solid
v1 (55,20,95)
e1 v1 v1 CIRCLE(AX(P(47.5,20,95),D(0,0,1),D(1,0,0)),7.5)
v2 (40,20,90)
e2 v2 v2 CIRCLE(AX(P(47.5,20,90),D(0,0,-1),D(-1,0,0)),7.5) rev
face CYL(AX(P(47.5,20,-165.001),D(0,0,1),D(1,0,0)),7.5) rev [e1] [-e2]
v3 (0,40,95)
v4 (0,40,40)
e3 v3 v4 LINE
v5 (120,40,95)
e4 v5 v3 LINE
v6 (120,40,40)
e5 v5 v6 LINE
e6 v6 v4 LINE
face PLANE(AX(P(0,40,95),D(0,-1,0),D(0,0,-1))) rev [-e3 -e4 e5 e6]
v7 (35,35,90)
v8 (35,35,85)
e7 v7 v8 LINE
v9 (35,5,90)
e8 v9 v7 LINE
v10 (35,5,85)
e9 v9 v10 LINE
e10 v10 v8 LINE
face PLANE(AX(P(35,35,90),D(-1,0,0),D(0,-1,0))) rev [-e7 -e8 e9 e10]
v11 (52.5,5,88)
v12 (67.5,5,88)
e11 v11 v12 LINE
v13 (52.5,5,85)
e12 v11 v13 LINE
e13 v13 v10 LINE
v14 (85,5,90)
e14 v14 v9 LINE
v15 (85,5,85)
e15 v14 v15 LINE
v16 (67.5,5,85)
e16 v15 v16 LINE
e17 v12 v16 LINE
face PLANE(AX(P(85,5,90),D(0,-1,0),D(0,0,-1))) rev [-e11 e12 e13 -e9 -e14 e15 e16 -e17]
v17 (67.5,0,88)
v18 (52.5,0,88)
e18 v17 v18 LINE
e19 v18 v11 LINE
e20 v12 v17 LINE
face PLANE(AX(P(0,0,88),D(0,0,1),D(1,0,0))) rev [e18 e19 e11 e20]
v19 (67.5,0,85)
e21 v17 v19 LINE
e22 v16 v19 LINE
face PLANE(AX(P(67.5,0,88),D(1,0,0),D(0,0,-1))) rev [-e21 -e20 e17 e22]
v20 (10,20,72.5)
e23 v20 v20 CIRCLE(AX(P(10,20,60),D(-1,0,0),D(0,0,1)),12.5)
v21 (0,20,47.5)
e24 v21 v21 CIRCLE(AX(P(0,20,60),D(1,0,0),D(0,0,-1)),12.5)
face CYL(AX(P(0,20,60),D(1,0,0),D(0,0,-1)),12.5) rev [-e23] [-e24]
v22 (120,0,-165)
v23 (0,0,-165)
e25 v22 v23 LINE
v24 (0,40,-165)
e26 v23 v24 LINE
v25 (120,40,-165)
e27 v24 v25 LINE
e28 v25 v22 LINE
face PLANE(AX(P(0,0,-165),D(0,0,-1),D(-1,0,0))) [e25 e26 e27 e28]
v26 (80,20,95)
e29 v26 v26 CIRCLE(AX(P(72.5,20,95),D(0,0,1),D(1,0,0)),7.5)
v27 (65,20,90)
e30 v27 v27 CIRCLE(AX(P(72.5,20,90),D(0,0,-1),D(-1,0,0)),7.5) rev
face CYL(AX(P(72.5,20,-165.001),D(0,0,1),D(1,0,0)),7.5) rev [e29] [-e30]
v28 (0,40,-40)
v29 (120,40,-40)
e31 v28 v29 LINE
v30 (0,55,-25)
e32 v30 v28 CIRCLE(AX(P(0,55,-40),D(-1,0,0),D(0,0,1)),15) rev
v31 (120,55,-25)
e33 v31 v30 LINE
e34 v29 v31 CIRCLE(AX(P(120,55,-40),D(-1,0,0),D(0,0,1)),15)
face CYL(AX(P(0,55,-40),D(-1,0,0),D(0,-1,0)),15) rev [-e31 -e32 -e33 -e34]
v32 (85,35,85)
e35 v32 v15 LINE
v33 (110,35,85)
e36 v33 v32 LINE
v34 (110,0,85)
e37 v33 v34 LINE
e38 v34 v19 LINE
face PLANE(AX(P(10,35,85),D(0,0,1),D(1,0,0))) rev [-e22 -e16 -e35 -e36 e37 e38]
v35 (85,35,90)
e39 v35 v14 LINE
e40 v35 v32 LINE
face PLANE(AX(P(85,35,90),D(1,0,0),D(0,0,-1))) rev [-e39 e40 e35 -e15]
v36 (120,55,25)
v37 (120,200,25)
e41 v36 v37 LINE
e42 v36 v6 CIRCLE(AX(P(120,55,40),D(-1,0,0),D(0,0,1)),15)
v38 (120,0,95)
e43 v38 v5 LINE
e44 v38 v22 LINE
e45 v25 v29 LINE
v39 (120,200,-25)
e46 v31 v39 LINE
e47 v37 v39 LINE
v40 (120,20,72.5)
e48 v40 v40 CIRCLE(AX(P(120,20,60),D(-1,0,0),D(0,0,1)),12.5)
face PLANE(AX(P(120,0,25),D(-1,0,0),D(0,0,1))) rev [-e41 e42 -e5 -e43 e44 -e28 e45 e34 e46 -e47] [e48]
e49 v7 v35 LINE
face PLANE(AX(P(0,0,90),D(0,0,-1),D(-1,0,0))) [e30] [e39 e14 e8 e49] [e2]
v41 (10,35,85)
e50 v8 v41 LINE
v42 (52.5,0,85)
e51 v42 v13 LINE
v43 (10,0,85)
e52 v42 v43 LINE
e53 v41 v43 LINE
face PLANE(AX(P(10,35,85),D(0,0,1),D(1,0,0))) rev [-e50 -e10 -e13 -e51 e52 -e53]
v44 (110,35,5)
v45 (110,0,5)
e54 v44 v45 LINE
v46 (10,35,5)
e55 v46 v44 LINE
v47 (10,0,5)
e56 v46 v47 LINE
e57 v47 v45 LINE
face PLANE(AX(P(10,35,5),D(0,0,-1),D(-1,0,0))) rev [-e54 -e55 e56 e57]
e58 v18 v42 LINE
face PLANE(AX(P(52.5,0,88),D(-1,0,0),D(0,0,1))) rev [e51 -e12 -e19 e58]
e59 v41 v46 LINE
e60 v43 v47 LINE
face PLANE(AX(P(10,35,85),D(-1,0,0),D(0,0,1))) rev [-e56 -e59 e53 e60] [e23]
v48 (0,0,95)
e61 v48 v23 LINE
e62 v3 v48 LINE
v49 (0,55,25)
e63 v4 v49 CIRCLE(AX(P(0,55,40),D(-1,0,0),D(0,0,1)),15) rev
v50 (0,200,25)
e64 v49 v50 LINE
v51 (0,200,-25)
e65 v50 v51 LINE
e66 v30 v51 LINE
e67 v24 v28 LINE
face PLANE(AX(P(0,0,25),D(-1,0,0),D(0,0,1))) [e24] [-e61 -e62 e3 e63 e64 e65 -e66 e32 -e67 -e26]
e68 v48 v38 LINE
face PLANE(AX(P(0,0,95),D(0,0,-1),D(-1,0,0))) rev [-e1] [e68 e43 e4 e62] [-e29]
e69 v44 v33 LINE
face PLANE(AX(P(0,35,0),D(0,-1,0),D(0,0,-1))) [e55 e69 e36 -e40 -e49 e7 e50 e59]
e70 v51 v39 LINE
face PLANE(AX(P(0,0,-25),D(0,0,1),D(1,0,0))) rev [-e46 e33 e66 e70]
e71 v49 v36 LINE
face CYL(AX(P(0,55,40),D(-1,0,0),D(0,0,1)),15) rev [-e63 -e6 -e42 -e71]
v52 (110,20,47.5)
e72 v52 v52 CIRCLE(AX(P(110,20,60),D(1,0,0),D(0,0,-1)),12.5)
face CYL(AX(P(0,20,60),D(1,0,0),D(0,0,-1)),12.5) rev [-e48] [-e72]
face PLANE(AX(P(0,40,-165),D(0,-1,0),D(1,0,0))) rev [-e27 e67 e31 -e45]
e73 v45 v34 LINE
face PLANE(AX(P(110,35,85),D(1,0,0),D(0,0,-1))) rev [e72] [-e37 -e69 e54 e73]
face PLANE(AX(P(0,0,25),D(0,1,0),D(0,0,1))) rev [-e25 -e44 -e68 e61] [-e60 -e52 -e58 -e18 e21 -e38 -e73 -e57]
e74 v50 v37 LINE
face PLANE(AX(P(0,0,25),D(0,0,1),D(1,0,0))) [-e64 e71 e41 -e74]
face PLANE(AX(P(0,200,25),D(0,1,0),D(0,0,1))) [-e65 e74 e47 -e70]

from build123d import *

# Parameters (mm, degrees)
ESQUISSE1_W                  = 120
ESQUISSE1_H                  = 200
BOSS_EXTRU_2_DEPTH           = 25
ESQUISSE3_W                  = 120
ESQUISSE3_H                  = 40
BOSS_EXTRU_3_DEPTH           = 70
CONG_1_R                     = 15
ESQUISSE4_W                  = 120
ESQUISSE4_H                  = 40
BOSS_EXTRU_4_DEPTH           = 140
CONG_2_R                     = 15
ESQUISSE5_W                  = 50
ESQUISSE5_H                  = 30
BOSS_EXTRU_9_DEPTH           = 7.5
ESQUISSE7_W                  = 100
ESQUISSE7_H                  = 80
ENL_V_MAT_EXTRU_1_DEPTH      = 35
ENL_V_MAT_EXTRU_7_REACH      = 351.285
ESQUISSE8_R                  = 7.5
ESQUISSE12_W                 = 50
ESQUISSE12_H                 = 30
ENL_V_MAT_EXTRU_8_DEPTH      = 5
ENL_V_MAT_EXTRU_9_DEPTH      = 286.700892543
ENL_V_MAT_EXTRU_9_DEPTH_BACK = 286.700892543
ESQUISSE13_R                 = 12.5
ESQUISSE14_W                 = 15
ESQUISSE14_H                 = 5
ENL_V_MAT_EXTRU_10_DEPTH     = 3


with BuildPart() as part:
    # Esquisse1 → Boss.-Extru.2 (new, symmetric)
    with BuildSketch(Plane.XY):
        with Locations((60, 100)):
            Rectangle(ESQUISSE1_W, ESQUISSE1_H)
    extrude(amount=BOSS_EXTRU_2_DEPTH, both=True)

    # Esquisse3 → Boss.-Extru.3 (add)
    with BuildSketch(Plane.XY.offset(25)):
        with Locations((60, 20)):
            Rectangle(ESQUISSE3_W, ESQUISSE3_H)
    extrude(amount=BOSS_EXTRU_3_DEPTH)

    # Congé1
    cong_1_edges = [part.edges().sort_by_distance(p)[0] for p in [
        (60, 40, 25),
    ]]
    fillet(cong_1_edges, radius=CONG_1_R)

    # Esquisse4 → Boss.-Extru.4 (add)
    with BuildSketch(Plane(origin=(0, 0, -25), x_dir=(-1, 0, 0), z_dir=(0, 0, -1))):
        with Locations((-60, 20)):
            Rectangle(ESQUISSE4_W, ESQUISSE4_H)
    extrude(amount=BOSS_EXTRU_4_DEPTH)

    # Congé2
    cong_2_edges = [part.edges().sort_by_distance(p)[0] for p in [
        (60, 40, -25),
    ]]
    fillet(cong_2_edges, radius=CONG_2_R)

    # Esquisse5 → Boss.-Extru.9 (add)
    with BuildSketch(Plane.XY.offset(95)):
        with Locations((60, 20)):
            Rectangle(ESQUISSE5_W, ESQUISSE5_H)
    extrude(amount=-BOSS_EXTRU_9_DEPTH)

    # Esquisse7 → Enlèv. mat.-Extru.1 (cut)
    with BuildSketch(Plane.XZ):
        with Locations((60, 45)):
            Rectangle(ESQUISSE7_W, ESQUISSE7_H)
    extrude(amount=-ENL_V_MAT_EXTRU_1_DEPTH, mode=Mode.SUBTRACT)

    # Esquisse8 → Enlèv. mat.-Extru.7 (cut, up to next)
    with BuildSketch(Plane.XY.offset(95), mode=Mode.PRIVATE) as enl_v_mat_extru_7_sk1:
        with Locations((47.5, 20)):
            Circle(ESQUISSE8_R)
    enl_v_mat_extru_7_tool1 = extrude(enl_v_mat_extru_7_sk1.sketch, amount=-ENL_V_MAT_EXTRU_7_REACH, mode=Mode.PRIVATE) & part.part
    # Esquisse8 → Enlèv. mat.-Extru.7 (cut, up to next)
    with BuildSketch(Plane.XY.offset(95), mode=Mode.PRIVATE) as enl_v_mat_extru_7_sk2:
        with Locations((72.5, 20)):
            Circle(ESQUISSE8_R)
    enl_v_mat_extru_7_tool2 = extrude(enl_v_mat_extru_7_sk2.sketch, amount=-ENL_V_MAT_EXTRU_7_REACH, mode=Mode.PRIVATE) & part.part
    add(enl_v_mat_extru_7_tool1.solids().sort_by_distance((47.5, 20, 95))[0], mode=Mode.SUBTRACT)
    add(enl_v_mat_extru_7_tool2.solids().sort_by_distance((72.5, 20, 95))[0], mode=Mode.SUBTRACT)

    # Esquisse12 → Enlèv. mat.-Extru.8 (cut)
    with BuildSketch(Plane(origin=(0, 0, 85), x_dir=(-1, 0, 0), z_dir=(0, 0, -1))):
        with Locations((-60, 20)):
            Rectangle(ESQUISSE12_W, ESQUISSE12_H)
    extrude(amount=-ENL_V_MAT_EXTRU_8_DEPTH, mode=Mode.SUBTRACT)

    # Esquisse13 → Enlèv. mat.-Extru.9 (cut, two sides: drawn at the far end of the back side and taken through both)
    with BuildSketch(Plane(origin=(120, 0, 0), x_dir=(0, 0, -1), z_dir=(1, 0, 0)).offset(-ENL_V_MAT_EXTRU_9_DEPTH_BACK)):
        with Locations((-60, 20)):
            Circle(ESQUISSE13_R)
    extrude(amount=ENL_V_MAT_EXTRU_9_DEPTH + ENL_V_MAT_EXTRU_9_DEPTH_BACK, mode=Mode.SUBTRACT)

    # Esquisse14 → Enlèv. mat.-Extru.10 (cut)
    with BuildSketch(Plane(origin=(0, 0, 85), x_dir=(-1, 0, 0), z_dir=(0, 0, -1))):
        with Locations((-60, 2.5)):
            Rectangle(ESQUISSE14_W, ESQUISSE14_H)
    extrude(amount=-ENL_V_MAT_EXTRU_10_DEPTH, mode=Mode.SUBTRACT)


solid = part.part
